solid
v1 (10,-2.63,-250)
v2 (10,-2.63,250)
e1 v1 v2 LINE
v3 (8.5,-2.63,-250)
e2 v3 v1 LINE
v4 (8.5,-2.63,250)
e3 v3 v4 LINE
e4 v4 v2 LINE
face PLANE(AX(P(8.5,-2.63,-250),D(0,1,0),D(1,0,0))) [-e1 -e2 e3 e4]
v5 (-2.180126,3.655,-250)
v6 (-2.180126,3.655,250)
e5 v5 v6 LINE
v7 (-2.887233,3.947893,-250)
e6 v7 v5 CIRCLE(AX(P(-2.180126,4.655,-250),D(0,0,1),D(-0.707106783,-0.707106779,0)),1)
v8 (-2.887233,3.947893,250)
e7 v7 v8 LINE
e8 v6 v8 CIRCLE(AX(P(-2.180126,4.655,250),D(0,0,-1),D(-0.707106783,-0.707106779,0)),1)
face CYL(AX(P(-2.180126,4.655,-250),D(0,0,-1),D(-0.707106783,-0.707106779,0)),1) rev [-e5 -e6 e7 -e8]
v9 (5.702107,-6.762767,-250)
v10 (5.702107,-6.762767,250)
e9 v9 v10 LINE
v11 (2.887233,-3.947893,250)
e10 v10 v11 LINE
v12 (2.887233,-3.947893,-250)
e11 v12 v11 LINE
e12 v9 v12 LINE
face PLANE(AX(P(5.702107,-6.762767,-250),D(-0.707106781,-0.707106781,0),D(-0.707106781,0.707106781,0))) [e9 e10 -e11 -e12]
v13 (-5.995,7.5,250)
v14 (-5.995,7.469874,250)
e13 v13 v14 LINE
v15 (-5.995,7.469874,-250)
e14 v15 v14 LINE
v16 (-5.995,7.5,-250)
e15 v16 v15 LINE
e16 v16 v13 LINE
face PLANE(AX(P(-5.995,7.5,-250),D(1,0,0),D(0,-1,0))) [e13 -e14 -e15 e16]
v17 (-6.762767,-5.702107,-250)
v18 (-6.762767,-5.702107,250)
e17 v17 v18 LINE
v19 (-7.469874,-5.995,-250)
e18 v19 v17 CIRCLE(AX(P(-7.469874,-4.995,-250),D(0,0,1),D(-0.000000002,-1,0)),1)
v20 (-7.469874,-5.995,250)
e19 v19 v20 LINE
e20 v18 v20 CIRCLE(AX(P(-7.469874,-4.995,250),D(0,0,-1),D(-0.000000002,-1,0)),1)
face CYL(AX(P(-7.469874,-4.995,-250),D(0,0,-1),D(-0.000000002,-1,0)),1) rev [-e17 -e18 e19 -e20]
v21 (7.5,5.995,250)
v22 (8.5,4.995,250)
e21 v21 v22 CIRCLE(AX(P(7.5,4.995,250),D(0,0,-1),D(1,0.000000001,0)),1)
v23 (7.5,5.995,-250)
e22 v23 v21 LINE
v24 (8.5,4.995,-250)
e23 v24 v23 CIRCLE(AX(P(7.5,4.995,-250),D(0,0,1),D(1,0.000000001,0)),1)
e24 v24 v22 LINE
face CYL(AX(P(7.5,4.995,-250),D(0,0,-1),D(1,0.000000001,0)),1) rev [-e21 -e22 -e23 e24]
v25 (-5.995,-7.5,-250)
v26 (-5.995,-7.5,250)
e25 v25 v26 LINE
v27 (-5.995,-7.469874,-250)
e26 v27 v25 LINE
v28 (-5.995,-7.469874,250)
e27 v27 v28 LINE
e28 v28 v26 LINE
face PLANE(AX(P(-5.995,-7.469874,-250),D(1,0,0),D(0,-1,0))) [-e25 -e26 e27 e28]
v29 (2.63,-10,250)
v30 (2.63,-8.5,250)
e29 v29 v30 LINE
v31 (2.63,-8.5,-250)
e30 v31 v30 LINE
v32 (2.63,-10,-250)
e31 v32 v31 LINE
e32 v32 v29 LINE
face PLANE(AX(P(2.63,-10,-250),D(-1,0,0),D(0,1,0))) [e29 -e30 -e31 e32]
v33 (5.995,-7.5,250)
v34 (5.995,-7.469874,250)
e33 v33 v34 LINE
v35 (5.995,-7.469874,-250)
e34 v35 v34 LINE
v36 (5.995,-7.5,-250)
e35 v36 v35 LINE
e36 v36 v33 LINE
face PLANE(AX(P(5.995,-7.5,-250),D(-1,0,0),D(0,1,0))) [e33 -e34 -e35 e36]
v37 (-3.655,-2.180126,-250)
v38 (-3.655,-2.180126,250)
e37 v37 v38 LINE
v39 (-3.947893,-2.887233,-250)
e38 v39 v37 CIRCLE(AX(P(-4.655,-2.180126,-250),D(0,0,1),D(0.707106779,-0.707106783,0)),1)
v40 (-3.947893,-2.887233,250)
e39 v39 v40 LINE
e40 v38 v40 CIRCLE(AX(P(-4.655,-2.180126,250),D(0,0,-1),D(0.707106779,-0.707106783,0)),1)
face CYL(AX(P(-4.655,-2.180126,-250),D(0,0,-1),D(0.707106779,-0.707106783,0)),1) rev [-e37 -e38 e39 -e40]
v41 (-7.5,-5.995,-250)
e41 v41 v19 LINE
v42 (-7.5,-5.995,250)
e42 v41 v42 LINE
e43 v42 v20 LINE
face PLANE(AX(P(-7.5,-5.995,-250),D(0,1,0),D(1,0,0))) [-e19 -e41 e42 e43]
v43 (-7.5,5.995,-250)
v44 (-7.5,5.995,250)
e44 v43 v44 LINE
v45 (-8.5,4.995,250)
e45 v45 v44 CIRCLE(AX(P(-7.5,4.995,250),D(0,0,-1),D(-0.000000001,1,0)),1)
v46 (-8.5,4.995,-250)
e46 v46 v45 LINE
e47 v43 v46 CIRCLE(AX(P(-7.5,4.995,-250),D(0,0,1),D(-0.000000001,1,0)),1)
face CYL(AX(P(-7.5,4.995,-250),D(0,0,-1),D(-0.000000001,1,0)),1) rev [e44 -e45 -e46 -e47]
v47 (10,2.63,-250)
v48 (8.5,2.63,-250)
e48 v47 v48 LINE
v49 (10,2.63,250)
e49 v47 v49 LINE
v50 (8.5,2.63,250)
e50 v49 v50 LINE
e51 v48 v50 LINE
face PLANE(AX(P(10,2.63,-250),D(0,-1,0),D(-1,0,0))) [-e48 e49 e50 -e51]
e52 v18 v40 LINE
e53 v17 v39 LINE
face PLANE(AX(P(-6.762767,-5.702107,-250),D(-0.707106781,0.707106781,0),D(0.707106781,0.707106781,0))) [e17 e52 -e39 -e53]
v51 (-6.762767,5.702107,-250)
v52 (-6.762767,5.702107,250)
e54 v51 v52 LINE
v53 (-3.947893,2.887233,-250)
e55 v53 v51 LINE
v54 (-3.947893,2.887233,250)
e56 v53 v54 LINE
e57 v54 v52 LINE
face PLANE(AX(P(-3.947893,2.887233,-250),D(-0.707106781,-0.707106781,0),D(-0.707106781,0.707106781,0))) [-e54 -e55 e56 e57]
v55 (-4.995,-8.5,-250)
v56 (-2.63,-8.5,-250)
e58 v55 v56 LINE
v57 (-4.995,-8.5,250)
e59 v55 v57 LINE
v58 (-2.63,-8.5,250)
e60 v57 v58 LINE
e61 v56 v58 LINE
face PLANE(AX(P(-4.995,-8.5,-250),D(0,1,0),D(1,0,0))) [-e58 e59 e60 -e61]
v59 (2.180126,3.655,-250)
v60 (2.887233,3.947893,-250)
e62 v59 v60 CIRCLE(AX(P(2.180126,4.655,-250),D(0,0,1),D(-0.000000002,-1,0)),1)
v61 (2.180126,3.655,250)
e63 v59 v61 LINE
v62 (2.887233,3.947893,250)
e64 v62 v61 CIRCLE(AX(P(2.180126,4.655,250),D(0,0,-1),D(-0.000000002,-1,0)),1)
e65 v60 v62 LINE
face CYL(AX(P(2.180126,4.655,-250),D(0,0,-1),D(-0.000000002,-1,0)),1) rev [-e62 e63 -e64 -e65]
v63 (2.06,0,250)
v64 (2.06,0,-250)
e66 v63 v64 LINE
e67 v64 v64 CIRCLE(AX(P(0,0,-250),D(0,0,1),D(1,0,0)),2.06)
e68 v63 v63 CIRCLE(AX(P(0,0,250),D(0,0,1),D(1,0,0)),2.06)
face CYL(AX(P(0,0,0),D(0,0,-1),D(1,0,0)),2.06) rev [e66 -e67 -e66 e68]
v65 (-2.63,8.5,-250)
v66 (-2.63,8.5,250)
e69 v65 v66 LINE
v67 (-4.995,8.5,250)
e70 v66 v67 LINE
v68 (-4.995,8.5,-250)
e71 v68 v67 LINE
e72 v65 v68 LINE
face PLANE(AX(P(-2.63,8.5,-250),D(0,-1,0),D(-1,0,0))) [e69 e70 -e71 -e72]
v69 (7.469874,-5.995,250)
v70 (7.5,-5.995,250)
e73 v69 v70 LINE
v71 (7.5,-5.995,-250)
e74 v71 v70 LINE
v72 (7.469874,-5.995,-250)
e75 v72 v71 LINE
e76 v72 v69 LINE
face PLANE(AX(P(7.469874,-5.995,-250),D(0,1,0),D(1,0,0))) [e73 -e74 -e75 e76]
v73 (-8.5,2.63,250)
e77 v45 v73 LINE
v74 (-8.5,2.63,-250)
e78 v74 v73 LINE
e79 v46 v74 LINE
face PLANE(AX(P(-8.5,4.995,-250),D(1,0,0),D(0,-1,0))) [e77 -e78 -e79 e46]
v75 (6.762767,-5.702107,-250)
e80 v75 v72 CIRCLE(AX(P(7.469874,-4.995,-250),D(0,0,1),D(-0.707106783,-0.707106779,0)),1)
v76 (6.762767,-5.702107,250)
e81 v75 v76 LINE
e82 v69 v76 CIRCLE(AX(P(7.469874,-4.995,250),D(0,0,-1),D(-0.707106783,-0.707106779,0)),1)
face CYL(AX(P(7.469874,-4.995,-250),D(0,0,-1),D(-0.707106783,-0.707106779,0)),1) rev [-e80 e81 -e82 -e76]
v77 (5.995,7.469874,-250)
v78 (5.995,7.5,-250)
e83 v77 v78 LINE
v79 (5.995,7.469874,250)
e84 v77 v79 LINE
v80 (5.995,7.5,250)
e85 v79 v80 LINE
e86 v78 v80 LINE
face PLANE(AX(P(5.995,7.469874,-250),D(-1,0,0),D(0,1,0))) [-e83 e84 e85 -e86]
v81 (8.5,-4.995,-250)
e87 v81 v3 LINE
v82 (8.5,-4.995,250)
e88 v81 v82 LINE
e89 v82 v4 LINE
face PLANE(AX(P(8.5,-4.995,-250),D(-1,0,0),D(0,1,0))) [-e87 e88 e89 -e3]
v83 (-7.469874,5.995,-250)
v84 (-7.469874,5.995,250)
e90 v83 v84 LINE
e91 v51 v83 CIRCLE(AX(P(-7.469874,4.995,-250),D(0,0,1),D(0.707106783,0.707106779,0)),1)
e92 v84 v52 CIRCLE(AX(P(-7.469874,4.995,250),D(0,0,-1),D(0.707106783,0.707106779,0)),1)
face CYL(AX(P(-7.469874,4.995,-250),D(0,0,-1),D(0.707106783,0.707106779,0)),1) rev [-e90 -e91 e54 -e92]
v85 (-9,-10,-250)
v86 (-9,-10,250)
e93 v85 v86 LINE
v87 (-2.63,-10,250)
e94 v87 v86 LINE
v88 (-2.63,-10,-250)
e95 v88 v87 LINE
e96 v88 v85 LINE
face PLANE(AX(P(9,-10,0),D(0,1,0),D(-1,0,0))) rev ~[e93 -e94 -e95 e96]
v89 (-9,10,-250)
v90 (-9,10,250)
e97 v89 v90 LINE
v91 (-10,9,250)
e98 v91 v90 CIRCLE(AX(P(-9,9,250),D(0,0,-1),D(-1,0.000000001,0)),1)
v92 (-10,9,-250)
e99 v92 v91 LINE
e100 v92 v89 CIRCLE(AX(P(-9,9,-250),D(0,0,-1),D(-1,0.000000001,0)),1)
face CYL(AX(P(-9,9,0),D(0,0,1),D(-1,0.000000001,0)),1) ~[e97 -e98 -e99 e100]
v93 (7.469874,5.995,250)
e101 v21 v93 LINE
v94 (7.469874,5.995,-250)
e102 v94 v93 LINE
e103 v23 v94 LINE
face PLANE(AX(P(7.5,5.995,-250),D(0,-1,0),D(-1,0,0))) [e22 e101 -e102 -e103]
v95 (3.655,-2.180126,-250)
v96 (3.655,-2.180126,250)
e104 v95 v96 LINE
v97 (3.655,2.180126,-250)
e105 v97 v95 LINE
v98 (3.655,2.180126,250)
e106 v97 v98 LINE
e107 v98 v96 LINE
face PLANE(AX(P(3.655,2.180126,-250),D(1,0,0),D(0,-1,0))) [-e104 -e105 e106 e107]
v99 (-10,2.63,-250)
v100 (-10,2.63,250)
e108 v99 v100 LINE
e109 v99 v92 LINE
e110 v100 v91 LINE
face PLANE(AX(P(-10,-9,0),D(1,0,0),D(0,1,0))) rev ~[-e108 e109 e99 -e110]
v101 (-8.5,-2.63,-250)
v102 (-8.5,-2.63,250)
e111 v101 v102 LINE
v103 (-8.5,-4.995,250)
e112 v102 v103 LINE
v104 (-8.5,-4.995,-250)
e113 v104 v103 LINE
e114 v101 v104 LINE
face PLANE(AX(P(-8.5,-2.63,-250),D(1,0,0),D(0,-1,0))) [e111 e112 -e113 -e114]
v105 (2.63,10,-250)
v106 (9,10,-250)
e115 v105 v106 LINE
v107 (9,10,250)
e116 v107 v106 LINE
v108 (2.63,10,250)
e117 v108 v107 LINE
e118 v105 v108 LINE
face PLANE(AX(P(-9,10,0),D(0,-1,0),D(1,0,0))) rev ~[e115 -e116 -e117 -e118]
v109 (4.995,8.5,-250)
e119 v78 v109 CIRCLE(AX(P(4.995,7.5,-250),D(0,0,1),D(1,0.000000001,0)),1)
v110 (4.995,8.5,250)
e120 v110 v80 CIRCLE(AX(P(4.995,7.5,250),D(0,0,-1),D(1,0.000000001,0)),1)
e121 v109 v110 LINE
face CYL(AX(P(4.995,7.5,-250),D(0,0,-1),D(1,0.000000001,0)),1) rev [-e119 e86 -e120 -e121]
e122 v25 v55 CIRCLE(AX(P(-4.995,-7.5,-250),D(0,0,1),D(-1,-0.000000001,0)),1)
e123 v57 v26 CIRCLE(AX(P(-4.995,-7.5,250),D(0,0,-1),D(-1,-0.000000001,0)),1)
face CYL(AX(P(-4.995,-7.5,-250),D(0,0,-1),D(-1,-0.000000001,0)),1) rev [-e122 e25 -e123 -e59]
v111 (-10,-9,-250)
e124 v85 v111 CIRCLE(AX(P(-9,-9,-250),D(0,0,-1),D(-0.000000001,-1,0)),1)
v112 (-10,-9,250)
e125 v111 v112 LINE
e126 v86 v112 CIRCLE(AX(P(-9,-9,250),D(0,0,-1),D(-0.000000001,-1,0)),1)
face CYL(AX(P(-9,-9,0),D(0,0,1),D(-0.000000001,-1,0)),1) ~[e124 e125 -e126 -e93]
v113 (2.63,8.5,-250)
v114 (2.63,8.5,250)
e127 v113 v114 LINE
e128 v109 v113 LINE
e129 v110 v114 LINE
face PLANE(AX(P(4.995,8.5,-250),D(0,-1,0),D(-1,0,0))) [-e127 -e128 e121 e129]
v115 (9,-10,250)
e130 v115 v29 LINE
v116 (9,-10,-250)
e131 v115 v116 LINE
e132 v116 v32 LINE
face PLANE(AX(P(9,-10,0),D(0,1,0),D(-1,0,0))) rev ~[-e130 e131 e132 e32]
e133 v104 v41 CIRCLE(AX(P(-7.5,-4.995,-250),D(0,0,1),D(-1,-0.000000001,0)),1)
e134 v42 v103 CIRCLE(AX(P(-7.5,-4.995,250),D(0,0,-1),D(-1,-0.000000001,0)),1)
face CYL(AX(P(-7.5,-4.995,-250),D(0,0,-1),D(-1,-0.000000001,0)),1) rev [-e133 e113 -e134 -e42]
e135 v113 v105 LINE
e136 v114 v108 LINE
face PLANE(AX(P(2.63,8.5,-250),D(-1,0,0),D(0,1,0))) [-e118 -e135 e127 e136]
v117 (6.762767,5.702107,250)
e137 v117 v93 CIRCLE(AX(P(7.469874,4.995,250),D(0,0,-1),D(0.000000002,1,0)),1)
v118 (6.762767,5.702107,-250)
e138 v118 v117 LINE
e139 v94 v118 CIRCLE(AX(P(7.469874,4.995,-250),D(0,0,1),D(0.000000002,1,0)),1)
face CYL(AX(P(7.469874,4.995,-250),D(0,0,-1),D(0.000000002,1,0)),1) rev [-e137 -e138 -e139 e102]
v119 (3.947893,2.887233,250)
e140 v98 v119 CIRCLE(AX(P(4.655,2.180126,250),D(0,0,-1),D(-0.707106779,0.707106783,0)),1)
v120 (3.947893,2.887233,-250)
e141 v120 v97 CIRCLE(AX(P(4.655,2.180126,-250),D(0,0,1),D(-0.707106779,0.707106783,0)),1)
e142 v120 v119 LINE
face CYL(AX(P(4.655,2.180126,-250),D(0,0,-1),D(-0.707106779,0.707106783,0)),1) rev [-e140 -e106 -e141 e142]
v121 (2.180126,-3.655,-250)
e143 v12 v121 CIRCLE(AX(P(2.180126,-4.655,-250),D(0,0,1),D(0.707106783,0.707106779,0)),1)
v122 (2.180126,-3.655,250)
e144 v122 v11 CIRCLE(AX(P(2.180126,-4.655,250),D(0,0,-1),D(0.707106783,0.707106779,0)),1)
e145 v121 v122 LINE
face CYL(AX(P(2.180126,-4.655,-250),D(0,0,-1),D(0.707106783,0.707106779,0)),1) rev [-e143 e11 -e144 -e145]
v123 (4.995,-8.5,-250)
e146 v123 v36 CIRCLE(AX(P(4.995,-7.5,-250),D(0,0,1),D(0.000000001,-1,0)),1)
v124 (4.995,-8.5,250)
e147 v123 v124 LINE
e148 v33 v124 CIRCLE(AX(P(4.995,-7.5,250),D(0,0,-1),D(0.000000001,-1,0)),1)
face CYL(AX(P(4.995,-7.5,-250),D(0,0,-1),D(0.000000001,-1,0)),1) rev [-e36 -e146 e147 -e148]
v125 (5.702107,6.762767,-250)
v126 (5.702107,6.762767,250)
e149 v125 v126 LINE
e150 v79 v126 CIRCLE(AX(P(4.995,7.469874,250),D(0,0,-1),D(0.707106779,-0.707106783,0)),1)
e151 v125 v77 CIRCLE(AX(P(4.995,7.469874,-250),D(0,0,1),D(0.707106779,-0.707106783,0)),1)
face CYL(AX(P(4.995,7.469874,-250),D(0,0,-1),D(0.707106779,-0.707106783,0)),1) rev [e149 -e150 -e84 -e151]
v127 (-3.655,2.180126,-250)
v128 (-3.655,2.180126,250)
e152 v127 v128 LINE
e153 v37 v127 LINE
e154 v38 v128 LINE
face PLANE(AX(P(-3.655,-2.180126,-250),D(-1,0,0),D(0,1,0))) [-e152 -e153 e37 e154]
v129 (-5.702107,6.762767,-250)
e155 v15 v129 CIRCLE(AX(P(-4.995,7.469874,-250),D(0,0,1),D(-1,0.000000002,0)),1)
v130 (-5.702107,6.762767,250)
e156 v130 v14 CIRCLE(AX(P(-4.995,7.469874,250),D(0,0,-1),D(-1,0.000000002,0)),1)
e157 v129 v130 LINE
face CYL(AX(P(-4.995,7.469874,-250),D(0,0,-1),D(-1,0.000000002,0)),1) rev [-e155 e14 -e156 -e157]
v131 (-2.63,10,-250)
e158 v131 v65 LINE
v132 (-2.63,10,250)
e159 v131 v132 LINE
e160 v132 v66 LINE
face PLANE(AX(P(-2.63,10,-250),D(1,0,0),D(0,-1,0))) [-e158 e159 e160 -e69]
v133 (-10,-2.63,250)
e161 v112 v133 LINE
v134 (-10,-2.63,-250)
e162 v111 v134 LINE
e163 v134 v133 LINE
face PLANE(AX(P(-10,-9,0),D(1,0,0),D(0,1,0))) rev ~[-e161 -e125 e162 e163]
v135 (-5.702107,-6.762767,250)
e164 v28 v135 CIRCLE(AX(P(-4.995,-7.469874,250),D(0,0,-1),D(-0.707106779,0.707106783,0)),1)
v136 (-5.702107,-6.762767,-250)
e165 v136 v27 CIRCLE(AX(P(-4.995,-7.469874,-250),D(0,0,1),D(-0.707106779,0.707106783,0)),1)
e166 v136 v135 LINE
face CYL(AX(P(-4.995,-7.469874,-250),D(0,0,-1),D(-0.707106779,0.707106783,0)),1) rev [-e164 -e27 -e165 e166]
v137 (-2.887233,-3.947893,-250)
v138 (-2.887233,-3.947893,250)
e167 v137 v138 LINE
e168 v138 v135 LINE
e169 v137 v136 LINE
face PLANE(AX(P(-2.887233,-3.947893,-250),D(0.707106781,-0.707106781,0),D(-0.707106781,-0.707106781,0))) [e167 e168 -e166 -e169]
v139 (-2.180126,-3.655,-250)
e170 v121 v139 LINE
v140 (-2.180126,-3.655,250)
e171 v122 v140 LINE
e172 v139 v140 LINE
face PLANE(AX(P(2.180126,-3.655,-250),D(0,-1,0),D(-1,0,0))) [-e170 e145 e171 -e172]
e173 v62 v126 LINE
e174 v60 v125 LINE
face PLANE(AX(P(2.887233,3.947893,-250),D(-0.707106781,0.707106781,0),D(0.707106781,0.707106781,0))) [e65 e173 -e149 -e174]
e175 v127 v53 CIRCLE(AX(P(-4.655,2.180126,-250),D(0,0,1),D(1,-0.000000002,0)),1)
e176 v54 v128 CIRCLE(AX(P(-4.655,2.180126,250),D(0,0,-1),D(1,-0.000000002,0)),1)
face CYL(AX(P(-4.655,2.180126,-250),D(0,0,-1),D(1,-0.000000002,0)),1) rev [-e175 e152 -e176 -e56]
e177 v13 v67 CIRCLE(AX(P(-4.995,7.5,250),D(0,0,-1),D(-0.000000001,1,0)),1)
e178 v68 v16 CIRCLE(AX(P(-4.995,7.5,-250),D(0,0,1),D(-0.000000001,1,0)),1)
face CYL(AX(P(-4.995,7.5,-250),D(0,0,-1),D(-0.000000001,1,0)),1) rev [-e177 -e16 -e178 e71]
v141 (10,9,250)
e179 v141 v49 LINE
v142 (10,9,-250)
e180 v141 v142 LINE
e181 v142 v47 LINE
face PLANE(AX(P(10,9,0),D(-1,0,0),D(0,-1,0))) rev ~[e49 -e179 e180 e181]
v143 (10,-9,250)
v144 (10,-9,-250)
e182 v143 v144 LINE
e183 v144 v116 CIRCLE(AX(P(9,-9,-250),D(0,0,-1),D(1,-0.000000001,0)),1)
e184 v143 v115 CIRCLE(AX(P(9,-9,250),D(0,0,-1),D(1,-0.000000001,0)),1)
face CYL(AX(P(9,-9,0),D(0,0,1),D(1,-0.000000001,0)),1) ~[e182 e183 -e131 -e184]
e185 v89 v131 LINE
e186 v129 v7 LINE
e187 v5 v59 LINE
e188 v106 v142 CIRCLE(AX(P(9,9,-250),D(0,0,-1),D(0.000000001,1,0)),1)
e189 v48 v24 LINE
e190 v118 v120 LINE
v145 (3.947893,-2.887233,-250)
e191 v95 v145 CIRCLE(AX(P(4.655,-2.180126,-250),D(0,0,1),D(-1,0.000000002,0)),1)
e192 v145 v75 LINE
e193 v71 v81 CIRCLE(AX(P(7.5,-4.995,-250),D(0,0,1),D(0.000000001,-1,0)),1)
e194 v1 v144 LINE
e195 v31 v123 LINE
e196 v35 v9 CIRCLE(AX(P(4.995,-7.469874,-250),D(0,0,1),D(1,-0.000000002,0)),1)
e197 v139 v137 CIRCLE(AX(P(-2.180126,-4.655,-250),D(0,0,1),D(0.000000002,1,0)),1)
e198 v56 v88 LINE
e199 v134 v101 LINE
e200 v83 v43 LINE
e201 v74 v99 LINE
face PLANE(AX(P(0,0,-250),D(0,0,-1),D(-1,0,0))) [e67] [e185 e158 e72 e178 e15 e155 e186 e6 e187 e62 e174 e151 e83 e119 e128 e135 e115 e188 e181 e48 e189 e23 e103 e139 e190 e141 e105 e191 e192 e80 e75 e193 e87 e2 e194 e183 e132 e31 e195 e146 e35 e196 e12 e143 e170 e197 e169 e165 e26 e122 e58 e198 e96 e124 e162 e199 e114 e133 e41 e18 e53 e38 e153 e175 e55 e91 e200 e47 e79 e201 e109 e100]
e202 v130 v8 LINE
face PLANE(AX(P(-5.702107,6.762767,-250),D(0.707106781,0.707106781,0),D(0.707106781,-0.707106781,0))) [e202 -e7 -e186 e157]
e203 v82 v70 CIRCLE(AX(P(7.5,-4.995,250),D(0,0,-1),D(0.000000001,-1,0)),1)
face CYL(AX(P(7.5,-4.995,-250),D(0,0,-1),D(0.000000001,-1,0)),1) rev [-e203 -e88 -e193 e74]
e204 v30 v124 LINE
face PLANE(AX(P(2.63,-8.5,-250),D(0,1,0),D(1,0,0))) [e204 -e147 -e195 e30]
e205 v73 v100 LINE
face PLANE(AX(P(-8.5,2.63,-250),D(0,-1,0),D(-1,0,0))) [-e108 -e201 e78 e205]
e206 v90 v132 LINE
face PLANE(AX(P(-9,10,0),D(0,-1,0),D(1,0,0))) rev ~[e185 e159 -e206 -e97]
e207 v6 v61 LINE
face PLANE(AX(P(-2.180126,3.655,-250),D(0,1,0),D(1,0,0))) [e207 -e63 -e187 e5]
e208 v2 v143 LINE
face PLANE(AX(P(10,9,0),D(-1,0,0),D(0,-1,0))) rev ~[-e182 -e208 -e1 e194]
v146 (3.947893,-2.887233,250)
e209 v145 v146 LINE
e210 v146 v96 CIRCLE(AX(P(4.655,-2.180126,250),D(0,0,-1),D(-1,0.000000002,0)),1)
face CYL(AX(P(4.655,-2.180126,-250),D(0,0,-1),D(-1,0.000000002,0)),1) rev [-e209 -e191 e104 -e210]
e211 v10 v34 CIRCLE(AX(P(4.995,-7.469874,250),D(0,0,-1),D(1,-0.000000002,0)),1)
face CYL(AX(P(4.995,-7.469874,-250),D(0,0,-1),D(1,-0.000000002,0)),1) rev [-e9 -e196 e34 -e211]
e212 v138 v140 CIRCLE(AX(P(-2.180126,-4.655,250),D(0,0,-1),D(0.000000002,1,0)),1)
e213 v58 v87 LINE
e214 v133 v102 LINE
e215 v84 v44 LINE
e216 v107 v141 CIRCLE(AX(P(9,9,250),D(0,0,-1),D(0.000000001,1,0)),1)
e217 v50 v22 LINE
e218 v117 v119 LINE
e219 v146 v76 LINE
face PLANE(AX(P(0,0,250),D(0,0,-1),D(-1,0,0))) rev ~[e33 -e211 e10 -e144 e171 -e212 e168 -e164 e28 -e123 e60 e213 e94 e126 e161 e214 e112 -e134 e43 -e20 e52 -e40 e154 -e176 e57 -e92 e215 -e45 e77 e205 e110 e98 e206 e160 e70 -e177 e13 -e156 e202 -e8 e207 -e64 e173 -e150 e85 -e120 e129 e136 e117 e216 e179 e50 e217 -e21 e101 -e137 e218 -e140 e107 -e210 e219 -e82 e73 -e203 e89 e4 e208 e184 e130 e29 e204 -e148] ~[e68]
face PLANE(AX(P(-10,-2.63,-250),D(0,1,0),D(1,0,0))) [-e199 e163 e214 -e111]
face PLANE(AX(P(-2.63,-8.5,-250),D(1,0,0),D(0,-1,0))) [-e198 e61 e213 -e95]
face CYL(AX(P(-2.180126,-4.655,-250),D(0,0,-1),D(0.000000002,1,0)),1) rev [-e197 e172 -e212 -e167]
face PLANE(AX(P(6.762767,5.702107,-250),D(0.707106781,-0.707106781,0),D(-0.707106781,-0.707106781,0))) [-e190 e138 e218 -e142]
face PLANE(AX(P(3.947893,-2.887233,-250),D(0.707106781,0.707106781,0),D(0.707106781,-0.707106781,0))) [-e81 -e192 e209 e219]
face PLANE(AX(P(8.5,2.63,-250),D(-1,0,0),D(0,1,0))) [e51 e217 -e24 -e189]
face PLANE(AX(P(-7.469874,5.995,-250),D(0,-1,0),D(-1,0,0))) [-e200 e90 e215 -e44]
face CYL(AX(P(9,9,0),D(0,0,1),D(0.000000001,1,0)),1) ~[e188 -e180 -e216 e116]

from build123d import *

# Parameters (mm, degrees)
SKETCH1_R           = 2.06
BOSS_EXTRUDE1_DEPTH = 250
CUT_EXTRUDE1_DEPTH  = 501
CIRPATTERN1_COUNT   = 4


with BuildPart() as part:
    # Sketch1 → Boss-Extrude1 (new body, symmetric)
    with BuildSketch(Plane.XY):
        with BuildLine():
            Line((-9, 10), (9, 10))
            ThreePointArc((9, 10), (9.707106781, 9.707106781), (10, 9))
            Line((10, 9), (10, -9))
            ThreePointArc((10, -9), (9.707106781, -9.707106781), (9, -10))
            Line((9, -10), (-9, -10))
            ThreePointArc((-9, -10), (-9.707106781, -9.707106781), (-10, -9))
            Line((-10, -9), (-10, 9))
            ThreePointArc((-10, 9), (-9.707106781, 9.707106781), (-9, 10))
        make_face()
        Circle(SKETCH1_R, mode=Mode.SUBTRACT)
    extrude(amount=BOSS_EXTRUDE1_DEPTH, both=True)

    # Sketch2 → Cut-Extrude1 (cut, through all)
    with BuildSketch(Plane(origin=(0, 0, -250), x_dir=(-1, 0, 0), z_dir=(0, 0, -1))):
        with BuildLine():
            Line((-10, 2.63), (-8.5, 2.63))
            Line((-8.5, 2.63), (-8.5, 4.995))
            ThreePointArc((-8.5, 4.995), (-8.207106781, 5.702106781), (-7.5, 5.995))
            Line((-7.5, 5.995), (-7.469873734, 5.995))
            ThreePointArc((-7.469873734, 5.995), (-7.087190302, 5.918879533), (-6.762766953, 5.702106781))
            Line((-6.762766953, 5.702106781), (-3.947893219, 2.887233047))
            ThreePointArc((-3.947893219, 2.887233047), (-3.731120467, 2.562809698), (-3.655, 2.180126266))
            Line((-3.655, 2.180126266), (-3.655, -2.180126266))
            ThreePointArc((-3.655, -2.180126266), (-3.731120467, -2.562809698), (-3.947893219, -2.887233047))
            Line((-3.947893219, -2.887233047), (-6.762766953, -5.702106781))
            ThreePointArc((-6.762766953, -5.702106781), (-7.087190302, -5.918879533), (-7.469873734, -5.995))
            Line((-7.469873734, -5.995), (-7.5, -5.995))
            ThreePointArc((-7.5, -5.995), (-8.207106781, -5.702106781), (-8.5, -4.995))
            Line((-8.5, -4.995), (-8.5, -2.63))
            Line((-8.5, -2.63), (-10, -2.63))
            Line((-10, -2.63), (-10, 2.63))
        make_face()
    cut_extrude1 = extrude(amount=-CUT_EXTRUDE1_DEPTH, mode=Mode.SUBTRACT)

    # CirPattern1: Cut-Extrude1 ×4 about axis
    cirpattern1_axis = Axis((0, 0, 0), (0, 0, 1))
    for i in range(1, CIRPATTERN1_COUNT):
        add(cut_extrude1.rotate(cirpattern1_axis, i * 360 / CIRPATTERN1_COUNT), mode=Mode.SUBTRACT)


solid = part.part
